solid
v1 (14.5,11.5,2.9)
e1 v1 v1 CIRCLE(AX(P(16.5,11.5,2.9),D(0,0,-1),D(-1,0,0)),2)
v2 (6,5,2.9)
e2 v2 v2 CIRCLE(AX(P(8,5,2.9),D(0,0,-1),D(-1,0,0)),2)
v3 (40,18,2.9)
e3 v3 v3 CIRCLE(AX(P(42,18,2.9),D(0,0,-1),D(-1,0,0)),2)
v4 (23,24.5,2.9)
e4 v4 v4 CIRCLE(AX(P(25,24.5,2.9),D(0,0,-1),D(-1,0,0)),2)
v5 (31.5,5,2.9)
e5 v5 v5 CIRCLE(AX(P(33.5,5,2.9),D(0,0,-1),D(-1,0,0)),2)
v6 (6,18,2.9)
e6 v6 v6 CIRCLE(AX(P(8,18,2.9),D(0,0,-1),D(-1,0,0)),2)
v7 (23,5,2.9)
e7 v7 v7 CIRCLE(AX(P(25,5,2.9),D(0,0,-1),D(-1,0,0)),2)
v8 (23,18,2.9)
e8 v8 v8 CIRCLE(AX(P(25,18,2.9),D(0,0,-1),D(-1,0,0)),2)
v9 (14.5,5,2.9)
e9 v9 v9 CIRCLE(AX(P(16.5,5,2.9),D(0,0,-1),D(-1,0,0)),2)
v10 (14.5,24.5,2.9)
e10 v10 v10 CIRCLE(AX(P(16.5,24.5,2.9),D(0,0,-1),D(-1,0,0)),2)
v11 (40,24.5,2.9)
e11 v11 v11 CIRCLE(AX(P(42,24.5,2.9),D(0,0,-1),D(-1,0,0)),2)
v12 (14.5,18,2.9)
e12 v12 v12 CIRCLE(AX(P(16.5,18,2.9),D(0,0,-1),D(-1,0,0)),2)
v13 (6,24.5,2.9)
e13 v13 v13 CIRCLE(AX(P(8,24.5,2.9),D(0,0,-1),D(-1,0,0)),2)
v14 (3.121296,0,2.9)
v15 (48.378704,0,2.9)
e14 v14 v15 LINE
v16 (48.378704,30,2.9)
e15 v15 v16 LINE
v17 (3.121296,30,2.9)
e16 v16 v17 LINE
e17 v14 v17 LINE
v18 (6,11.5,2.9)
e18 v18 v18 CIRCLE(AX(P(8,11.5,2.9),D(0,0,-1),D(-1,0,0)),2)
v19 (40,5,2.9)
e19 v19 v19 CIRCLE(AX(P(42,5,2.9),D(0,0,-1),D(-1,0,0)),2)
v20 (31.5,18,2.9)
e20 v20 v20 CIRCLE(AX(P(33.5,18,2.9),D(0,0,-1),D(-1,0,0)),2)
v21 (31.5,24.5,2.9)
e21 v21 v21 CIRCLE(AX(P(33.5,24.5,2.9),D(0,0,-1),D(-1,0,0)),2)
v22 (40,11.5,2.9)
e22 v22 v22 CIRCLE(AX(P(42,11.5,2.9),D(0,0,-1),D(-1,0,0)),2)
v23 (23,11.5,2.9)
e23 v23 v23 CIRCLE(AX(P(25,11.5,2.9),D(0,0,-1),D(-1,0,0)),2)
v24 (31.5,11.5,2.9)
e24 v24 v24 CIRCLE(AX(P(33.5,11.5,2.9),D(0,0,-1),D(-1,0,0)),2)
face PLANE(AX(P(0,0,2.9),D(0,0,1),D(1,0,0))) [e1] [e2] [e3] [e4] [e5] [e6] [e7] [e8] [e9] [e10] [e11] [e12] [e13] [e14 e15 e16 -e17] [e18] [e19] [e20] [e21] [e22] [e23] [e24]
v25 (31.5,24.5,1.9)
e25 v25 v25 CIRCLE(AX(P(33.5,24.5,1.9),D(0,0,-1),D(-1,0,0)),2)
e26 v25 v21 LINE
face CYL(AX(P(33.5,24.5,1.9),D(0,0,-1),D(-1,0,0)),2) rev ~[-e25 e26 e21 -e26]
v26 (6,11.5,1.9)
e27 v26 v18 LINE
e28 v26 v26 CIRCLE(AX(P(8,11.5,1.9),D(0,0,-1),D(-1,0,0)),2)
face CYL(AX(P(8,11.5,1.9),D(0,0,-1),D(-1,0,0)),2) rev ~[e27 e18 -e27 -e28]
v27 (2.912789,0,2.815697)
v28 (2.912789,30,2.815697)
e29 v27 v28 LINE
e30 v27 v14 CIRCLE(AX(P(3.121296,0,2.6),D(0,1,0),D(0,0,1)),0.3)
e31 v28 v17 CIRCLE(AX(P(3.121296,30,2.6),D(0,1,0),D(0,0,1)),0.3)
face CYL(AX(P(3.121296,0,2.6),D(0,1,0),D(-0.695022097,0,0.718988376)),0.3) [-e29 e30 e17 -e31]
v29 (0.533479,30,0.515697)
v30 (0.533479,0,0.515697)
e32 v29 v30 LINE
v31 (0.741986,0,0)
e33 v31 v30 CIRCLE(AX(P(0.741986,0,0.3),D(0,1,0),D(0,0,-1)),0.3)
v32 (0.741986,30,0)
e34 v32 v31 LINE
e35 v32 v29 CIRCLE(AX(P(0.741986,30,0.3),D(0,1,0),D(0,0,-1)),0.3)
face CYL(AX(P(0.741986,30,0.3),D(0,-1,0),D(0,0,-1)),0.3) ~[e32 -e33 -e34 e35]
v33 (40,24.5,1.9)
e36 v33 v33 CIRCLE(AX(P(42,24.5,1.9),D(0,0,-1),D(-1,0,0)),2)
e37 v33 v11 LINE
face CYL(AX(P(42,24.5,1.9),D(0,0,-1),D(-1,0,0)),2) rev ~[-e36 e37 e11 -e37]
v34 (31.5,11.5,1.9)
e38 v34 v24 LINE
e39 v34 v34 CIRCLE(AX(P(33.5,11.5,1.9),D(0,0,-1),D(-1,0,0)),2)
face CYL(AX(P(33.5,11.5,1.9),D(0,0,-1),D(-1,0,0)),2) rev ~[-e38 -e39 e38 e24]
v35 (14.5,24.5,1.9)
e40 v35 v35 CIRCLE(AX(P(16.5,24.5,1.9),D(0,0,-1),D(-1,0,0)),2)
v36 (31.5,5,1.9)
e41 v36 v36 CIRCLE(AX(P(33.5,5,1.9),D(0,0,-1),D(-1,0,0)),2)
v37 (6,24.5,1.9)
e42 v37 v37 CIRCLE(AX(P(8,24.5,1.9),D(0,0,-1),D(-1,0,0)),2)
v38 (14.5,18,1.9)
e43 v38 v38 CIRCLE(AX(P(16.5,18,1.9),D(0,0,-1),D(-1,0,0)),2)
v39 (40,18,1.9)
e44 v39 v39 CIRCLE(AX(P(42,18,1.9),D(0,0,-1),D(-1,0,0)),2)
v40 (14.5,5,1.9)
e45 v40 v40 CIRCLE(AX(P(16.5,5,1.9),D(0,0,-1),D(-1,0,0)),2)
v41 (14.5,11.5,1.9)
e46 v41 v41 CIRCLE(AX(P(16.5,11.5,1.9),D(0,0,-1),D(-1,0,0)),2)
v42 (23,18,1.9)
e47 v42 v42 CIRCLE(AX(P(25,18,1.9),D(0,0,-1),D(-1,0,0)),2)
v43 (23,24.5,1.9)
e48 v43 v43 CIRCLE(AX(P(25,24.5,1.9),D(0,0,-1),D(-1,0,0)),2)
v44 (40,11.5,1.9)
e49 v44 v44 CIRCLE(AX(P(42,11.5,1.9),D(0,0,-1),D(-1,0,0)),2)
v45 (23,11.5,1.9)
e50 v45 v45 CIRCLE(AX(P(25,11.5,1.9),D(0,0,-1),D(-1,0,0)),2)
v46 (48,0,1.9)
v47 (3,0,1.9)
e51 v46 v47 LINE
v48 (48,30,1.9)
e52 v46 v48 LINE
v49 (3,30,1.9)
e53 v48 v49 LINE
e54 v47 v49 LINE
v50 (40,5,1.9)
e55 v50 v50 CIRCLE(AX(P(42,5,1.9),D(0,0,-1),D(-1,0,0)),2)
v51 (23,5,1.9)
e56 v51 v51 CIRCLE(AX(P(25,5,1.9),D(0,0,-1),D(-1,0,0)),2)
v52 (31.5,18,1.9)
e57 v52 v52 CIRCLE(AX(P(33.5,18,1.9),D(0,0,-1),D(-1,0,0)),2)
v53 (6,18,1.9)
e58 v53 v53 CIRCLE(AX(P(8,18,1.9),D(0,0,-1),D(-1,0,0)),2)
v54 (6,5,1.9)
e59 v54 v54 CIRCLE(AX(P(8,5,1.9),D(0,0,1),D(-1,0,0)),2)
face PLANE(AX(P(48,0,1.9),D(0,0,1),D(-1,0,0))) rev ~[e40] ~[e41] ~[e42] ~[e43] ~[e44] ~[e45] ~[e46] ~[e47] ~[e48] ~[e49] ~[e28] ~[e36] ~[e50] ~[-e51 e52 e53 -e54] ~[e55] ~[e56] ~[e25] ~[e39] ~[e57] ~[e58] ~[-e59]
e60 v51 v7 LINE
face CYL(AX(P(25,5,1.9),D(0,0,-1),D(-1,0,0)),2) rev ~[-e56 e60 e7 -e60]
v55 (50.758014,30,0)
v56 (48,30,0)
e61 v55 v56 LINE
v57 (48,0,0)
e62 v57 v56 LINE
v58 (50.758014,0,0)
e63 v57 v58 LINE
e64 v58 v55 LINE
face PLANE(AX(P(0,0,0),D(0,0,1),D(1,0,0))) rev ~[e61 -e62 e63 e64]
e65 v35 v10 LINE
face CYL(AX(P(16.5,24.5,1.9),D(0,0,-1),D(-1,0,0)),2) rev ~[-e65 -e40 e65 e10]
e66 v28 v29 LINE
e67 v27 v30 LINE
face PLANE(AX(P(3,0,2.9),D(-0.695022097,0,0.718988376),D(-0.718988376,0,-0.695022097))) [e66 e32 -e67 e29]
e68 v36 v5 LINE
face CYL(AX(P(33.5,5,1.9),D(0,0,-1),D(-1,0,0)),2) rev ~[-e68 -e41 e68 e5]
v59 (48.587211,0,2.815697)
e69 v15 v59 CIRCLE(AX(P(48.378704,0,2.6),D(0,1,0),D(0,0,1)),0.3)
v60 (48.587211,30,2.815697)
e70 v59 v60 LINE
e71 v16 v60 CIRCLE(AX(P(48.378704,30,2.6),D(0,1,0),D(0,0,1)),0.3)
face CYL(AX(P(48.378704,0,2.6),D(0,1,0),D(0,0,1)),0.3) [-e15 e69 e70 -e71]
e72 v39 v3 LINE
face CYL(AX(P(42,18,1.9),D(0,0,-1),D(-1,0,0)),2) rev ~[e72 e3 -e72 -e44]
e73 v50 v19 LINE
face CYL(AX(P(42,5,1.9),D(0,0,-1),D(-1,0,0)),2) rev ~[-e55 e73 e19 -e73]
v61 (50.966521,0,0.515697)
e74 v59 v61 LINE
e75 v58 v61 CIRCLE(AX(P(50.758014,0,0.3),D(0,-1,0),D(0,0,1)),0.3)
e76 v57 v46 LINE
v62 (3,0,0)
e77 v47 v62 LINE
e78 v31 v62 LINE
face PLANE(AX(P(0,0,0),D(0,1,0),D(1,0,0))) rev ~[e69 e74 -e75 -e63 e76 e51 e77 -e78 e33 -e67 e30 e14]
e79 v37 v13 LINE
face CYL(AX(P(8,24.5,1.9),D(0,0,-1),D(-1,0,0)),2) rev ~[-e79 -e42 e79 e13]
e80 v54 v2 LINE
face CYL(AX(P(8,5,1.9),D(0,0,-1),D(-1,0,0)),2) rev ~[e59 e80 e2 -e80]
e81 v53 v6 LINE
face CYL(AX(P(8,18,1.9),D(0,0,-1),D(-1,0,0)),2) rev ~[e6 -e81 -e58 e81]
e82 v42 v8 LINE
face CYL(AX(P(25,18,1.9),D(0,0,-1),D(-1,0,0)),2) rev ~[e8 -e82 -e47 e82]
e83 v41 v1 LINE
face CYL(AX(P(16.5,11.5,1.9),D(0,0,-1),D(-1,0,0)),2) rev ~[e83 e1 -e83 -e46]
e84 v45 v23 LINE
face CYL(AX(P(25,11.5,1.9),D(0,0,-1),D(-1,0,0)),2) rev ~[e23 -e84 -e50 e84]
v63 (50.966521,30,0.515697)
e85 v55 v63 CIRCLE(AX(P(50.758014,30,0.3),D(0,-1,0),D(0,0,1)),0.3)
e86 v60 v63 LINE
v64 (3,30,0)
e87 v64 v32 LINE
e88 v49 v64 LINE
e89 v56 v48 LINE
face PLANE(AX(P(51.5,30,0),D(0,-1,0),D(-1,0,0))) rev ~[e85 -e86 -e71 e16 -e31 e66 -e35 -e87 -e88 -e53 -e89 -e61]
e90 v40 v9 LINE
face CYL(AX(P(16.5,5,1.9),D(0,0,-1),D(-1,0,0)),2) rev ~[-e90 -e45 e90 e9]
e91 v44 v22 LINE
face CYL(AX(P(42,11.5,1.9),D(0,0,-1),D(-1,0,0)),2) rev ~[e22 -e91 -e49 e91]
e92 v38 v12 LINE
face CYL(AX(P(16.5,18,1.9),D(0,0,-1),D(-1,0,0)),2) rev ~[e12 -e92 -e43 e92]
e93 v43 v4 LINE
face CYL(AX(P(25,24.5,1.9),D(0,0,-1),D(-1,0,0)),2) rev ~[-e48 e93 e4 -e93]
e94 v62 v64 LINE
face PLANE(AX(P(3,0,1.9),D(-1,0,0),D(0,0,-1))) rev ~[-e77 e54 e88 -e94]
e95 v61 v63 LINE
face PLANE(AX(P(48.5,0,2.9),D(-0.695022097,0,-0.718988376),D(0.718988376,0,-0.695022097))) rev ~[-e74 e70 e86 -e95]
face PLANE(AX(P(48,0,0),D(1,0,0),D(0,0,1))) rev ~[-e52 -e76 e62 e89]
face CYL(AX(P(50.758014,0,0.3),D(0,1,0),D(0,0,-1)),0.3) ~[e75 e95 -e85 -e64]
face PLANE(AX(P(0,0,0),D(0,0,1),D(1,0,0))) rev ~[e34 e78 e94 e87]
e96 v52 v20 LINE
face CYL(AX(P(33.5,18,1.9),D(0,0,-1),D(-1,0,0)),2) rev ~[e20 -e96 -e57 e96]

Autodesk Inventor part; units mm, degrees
ref_plane "YZ Plane" through (0, 0, 0) normal (1, 0, 0) x (0, 1, 0)
ref_plane "XZ Plane" through (0, 0, 0) normal (0, 1, 0) x (-1, 0, 0)
ref_plane "XY Plane" through (0, 0, 0) normal (0, 0, 1) x (1, 0, 0)
sketch "Sketch1" plane through (0, 0, 0) normal (0, 0, 1) x (1, 0, 0)
  line L0 (0, 0) -> (51.5, 0)
  line L1 (51.5, 0) -> (51.5, 30)
  line L2 (51.5, 30) -> (0, 30)
  line L3 (0, 30) -> (0, 0)
  dimension "d0" = 51.5
  dimension "d1" = 30
extrude "Extrusion1" add sketch "Sketch1" along normal blind 2.9
sketch "Sketch2" plane through (0, 0, 0) normal (0, -1, 0) x (1, 0, 0)
  line L0 (0, 0) -> (0, 2.9) projected
  line L1 (0, 2.9) -> (3, 2.9)
  line L2 (51.5, 2.9) -> (0, 2.9) projected
  line L3 (51.5, 0) -> (0, 0) projected
  line L4 (3, 2.9) -> (0, 0)
  line L5 (51.5, 2.9) -> (48.5, 2.9)
  line L6 (48.5, 2.9) -> (51.5, 0)
  line L7 (3, 2.9) -> (3, 0)
  line L8 (3, 0) -> (48, 0)
  line L9 (48, 0) -> (48, 1.9)
  line L10 (48, 1.9) -> (3, 1.9)
  line L11 (3, 1.9) -> (3, 0)
  line L12 (51.5, 2.9) -> (51.5, 0)
  dimension "d4" = 3
  dimension "d5" = 3
  dimension "d6" = 1.9
extrude "Extrusion2" cut sketch "Sketch2" against normal through all contours L0 L1 L4 | L7 L10 L9 L3 | L2 L12 L6
fillet "Fillet1" radius 0.3 4 edges at (3, 15, 2.9) (0, 15, 0) (48.5, 15, 2.9) (51.5, 15, 0)
sketch "Sketch4" plane through (48, 0, 1.9) normal (0, 0, -1) x (-1, 0, 0)
  line L0 (45, 0) -> (0, 0) projected
  line L1 (45, 0) -> (40, 0)
  line L2 (40, 0) -> (40, 5)
  circle A0 centre (40, 5) radius 2
  circle A1 centre (31.5, 5) radius 2
  circle A2 centre (23, 5) radius 2
  circle A3 centre (14.5, 5) radius 2
  circle A4 centre (6, 5) radius 2
  circle A5 centre (40, 11.5) radius 2
  circle A6 centre (31.5, 11.5) radius 2
  circle A7 centre (23, 11.5) radius 2
  circle A8 centre (14.5, 11.5) radius 2
  circle A9 centre (6, 11.5) radius 2
  circle A10 centre (40, 18) radius 2
  circle A11 centre (31.5, 18) radius 2
  circle A12 centre (23, 18) radius 2
  circle A13 centre (14.5, 18) radius 2
  circle A14 centre (6, 18) radius 2
  circle A15 centre (40, 24.5) radius 2
  circle A16 centre (31.5, 24.5) radius 2
  circle A17 centre (23, 24.5) radius 2
  circle A18 centre (14.5, 24.5) radius 2
  circle A19 centre (6, 24.5) radius 2
  point P0 (48, 0)
  dimension "d10" = 5
  dimension "d11" = 5
  dimension "d12" = 4
  dimension "d15" = 8.5
  dimension "d18" = 6.5
extrude "Extrusion3" cut sketch "Sketch4" against normal blind 2.9
properties part number "PalmSupport"
